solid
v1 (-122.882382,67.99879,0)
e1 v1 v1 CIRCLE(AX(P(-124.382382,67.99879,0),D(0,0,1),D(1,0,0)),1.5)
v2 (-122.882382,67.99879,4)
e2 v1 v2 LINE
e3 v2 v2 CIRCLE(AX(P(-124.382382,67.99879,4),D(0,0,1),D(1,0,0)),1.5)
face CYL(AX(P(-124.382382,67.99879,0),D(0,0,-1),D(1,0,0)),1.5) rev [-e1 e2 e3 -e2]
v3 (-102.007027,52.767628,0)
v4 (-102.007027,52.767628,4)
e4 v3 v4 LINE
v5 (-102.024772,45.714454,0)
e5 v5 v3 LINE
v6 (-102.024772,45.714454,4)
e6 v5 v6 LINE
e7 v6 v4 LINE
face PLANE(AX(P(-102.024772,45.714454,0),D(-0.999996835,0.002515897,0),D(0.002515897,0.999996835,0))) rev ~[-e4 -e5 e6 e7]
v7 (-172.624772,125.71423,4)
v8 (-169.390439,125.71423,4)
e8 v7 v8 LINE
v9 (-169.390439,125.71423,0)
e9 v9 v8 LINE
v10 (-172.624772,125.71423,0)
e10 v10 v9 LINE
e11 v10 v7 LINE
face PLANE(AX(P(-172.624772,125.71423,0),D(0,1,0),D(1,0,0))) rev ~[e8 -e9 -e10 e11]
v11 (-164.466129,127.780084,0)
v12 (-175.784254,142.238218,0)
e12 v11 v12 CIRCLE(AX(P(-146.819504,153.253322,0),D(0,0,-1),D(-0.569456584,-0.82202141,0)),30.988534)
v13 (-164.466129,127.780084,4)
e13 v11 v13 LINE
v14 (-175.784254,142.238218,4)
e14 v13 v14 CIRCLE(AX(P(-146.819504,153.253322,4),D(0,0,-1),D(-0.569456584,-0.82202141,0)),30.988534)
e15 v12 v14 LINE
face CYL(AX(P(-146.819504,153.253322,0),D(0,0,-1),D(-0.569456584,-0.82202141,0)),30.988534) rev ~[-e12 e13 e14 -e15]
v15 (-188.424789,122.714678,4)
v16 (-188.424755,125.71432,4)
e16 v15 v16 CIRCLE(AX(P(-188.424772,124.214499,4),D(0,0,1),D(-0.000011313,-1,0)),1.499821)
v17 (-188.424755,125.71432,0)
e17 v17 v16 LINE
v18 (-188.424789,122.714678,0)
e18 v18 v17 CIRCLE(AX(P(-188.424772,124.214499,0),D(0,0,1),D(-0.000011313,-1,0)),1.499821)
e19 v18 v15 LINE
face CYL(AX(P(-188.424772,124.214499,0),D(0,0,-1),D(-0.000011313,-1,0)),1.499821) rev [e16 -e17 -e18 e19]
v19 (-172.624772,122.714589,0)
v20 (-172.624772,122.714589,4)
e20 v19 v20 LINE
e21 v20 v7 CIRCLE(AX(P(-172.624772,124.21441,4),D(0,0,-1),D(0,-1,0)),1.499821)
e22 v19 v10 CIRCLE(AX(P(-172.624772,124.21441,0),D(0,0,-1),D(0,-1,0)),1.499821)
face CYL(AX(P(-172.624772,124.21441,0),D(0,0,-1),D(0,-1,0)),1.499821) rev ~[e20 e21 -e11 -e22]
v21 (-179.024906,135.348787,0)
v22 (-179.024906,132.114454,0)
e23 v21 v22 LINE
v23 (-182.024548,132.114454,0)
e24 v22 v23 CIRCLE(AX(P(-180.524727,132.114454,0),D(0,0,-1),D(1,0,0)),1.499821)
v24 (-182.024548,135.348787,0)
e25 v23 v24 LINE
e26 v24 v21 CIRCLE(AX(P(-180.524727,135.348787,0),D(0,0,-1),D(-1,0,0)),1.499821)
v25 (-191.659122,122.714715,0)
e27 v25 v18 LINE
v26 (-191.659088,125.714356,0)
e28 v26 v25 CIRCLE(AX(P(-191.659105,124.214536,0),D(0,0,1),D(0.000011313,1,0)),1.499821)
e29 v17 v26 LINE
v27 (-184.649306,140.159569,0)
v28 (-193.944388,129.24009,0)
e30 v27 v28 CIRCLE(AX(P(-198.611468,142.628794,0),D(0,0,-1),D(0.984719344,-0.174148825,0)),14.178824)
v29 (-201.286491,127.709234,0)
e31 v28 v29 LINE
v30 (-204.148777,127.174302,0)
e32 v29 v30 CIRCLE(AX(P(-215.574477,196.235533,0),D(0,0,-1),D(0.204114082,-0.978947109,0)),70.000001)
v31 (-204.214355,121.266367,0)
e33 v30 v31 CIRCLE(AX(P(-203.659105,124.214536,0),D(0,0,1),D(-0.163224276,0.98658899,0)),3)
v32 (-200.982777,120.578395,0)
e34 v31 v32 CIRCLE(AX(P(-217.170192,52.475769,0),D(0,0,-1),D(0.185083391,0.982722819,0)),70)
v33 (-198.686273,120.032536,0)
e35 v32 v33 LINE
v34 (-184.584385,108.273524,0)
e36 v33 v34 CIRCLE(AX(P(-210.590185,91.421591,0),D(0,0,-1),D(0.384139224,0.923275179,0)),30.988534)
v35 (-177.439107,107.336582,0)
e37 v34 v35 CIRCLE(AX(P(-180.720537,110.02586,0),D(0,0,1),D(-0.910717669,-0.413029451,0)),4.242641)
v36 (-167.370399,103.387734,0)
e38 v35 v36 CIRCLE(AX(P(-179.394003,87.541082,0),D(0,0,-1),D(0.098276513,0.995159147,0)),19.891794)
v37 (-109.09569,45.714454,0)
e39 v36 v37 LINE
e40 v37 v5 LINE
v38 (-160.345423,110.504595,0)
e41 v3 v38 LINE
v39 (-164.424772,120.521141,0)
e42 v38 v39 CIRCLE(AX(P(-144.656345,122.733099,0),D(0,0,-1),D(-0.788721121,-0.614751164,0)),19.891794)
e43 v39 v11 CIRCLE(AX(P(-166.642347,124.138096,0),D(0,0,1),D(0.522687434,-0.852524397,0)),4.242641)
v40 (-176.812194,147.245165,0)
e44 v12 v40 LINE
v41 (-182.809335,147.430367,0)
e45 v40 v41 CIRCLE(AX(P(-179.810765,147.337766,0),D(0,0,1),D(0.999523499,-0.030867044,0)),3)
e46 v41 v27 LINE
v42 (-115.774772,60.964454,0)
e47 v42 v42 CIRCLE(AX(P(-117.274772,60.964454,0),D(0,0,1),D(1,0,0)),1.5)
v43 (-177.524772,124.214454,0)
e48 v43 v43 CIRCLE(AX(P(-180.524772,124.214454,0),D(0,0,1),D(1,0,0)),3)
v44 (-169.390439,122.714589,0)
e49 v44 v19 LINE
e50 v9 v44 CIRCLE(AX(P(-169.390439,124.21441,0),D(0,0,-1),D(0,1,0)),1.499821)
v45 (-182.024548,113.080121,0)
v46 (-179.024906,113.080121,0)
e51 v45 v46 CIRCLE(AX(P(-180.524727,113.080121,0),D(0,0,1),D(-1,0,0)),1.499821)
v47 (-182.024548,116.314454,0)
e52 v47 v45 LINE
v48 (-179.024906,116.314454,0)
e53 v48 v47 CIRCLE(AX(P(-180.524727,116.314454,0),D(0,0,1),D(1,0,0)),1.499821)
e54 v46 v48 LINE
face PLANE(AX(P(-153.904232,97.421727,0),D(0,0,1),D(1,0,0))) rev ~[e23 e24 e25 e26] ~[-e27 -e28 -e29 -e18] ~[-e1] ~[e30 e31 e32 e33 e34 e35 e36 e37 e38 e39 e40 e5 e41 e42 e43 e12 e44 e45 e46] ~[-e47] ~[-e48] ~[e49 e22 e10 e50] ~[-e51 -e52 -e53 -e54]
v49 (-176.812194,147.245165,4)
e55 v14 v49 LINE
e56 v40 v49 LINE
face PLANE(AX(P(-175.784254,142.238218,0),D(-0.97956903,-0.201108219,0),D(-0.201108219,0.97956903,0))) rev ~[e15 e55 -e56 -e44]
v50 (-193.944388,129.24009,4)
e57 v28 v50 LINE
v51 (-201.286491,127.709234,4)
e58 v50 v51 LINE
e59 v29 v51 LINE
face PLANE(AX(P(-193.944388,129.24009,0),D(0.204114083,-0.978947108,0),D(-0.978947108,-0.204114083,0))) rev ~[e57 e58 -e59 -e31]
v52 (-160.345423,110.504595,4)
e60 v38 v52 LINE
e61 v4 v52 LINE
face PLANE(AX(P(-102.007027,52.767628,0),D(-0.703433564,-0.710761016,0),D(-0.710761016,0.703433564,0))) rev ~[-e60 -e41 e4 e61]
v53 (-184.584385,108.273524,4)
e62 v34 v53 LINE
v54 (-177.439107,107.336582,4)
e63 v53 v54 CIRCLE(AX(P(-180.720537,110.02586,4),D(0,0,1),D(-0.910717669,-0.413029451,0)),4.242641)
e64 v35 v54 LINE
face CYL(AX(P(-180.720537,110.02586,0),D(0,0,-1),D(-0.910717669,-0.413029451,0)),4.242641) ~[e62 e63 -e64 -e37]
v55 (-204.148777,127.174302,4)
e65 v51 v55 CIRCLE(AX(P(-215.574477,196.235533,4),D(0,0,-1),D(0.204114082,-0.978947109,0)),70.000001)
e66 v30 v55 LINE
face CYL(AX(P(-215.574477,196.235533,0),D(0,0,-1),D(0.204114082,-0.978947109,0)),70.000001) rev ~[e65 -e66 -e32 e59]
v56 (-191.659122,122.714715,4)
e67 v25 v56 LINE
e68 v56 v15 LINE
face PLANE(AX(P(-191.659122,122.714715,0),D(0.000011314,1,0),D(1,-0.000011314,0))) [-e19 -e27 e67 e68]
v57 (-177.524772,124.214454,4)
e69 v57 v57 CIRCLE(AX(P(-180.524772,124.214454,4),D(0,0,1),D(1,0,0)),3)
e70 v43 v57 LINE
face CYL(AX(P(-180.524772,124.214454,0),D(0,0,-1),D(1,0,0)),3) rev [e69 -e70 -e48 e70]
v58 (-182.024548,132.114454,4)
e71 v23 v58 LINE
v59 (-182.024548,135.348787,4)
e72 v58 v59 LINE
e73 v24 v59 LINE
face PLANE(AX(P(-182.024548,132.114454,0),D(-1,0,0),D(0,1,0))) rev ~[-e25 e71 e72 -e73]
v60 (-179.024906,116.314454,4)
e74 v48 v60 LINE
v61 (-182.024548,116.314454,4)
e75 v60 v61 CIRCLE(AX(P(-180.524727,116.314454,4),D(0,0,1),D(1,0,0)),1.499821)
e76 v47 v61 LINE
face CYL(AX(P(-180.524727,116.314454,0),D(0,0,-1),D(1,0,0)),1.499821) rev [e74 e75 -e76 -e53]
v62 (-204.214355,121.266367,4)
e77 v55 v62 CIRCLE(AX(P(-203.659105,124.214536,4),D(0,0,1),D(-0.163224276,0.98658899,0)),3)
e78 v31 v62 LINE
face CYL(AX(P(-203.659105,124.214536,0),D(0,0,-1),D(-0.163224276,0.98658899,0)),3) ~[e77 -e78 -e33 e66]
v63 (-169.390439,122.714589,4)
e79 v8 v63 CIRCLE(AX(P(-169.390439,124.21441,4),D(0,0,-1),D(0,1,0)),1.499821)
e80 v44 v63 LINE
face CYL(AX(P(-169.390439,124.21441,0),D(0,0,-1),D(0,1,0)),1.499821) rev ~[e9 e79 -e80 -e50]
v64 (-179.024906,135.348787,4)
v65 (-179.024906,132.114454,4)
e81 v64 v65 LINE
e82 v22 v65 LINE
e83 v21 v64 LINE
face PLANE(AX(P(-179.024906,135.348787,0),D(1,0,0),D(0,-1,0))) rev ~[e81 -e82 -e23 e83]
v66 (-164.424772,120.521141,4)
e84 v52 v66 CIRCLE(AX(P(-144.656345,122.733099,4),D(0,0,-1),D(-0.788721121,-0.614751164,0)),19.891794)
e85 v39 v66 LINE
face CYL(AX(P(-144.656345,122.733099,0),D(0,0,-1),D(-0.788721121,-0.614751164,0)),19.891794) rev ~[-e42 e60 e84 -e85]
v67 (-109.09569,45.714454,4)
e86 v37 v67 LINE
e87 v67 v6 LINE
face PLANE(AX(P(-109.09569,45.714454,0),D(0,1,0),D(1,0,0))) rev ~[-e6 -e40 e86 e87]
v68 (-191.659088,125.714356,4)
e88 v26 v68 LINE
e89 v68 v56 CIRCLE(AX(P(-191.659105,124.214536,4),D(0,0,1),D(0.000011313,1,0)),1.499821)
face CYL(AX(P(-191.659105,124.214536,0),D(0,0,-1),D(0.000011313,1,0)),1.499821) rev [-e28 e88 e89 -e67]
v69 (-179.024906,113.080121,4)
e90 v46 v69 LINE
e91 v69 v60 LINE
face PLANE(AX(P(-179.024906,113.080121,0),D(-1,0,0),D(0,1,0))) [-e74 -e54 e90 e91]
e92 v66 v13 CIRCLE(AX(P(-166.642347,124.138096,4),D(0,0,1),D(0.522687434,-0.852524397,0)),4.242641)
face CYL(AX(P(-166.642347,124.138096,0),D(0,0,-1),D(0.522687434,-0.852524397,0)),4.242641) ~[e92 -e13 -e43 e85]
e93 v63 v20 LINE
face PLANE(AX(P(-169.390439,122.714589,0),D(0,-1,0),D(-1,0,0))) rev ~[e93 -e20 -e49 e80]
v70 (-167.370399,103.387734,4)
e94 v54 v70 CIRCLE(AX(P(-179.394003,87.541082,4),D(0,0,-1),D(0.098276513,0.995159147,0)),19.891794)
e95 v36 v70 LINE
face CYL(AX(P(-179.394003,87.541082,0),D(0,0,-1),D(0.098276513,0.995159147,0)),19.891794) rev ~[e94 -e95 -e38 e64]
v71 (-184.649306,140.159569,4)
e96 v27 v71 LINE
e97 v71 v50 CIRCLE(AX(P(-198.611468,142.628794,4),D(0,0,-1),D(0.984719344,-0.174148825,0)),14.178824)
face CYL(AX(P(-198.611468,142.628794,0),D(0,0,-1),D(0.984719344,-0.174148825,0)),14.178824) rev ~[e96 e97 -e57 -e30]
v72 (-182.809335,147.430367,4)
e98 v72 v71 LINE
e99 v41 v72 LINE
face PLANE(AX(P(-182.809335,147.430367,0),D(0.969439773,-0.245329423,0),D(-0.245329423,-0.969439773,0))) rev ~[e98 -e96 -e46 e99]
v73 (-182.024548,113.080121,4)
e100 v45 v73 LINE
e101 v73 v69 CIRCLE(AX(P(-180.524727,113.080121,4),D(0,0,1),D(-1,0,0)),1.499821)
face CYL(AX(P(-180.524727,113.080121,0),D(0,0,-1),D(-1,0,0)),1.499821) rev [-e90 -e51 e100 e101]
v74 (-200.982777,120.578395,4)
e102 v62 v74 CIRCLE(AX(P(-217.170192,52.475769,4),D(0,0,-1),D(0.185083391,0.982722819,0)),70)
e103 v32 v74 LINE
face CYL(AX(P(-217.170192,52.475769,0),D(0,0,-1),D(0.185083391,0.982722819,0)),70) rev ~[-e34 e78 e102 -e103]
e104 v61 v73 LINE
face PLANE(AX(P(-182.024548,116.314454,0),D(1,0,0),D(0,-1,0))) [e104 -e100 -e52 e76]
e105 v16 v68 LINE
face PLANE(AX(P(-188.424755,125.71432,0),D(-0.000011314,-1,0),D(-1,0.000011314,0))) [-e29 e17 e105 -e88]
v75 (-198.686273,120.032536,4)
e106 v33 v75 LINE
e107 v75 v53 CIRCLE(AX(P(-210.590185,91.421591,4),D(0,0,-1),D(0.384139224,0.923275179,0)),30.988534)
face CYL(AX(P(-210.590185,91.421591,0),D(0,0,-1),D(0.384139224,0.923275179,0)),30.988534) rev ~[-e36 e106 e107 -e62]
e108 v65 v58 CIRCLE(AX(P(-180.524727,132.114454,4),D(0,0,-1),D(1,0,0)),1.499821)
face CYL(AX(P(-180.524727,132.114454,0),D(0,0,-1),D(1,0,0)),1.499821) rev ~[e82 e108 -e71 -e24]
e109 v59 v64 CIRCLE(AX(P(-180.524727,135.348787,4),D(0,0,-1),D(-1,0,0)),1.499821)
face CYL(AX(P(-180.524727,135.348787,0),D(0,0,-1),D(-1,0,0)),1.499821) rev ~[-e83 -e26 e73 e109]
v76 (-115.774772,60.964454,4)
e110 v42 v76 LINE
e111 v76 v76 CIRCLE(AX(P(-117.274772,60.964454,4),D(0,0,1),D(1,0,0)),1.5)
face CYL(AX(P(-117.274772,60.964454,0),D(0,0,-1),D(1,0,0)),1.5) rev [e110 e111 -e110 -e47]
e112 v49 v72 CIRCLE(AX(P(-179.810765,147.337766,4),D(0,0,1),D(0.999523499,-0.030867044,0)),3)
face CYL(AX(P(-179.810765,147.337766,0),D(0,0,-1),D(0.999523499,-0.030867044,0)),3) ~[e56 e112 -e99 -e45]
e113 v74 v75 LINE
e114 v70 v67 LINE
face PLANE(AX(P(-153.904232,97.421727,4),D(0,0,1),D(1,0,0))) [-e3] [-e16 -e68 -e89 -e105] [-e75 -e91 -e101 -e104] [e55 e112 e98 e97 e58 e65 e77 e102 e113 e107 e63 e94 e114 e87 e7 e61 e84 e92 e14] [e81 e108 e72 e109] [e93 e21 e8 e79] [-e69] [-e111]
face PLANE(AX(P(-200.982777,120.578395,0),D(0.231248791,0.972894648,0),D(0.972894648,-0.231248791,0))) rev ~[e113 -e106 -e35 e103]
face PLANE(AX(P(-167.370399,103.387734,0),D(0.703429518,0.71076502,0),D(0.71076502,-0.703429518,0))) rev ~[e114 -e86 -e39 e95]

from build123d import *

# Parameters (mm, degrees)
SKETCH1_R           = 1.5
SKETCH1_R_2         = 3
BOSS_EXTRUDE3_DEPTH = 4


with BuildPart() as part:
    # Sketch1 → Boss-Extrude3 (new body)
    with BuildSketch(Plane.XY):
        with BuildLine():
            Line((-200.98277671, 120.578395112), (-198.686273407, 120.032535791))
            ThreePointArc((-198.686273407, 120.032535791), (-190.744400987, 115.221467643), (-184.584385258, 108.273524028))
            ThreePointArc((-184.584385258, 108.273524028), (-181.272141891, 105.819229993), (-177.439106824, 107.336582128))
            ThreePointArc((-177.439106824, 107.336582128), (-172.13122346, 106.059599202), (-167.370398947, 103.387734467))
            Line((-167.370398947, 103.387734467), (-109.095690378, 45.714454225))
            Line((-109.095690378, 45.714454225), (-102.024771817, 45.714454225))
            Line((-102.024771817, 45.714454225), (-102.007026705, 52.767627674))
            Line((-102.007026705, 52.767627674), (-160.345422779, 110.504595422))
            ThreePointArc((-160.345422779, 110.504595422), (-163.078925024, 115.23029925), (-164.424771817, 120.521141112))
            ThreePointArc((-164.424771817, 120.521141112), (-162.39977496, 124.16226761), (-164.46612922, 127.780083873))
            ThreePointArc((-164.46612922, 127.780083873), (-171.220620663, 134.151626828), (-175.784254213, 142.238218389))
            Line((-175.784254213, 142.238218389), (-176.812194105, 147.245164825))
            ThreePointArc((-176.812194105, 147.245164825), (-179.718163472, 150.336336453), (-182.8093351, 147.430367085))
            Line((-182.8093351, 147.430367085), (-184.649305769, 140.159568784))
            ThreePointArc((-184.649305769, 140.159568784), (-187.814666362, 133.438140211), (-193.944387613, 129.240089815))
            Line((-193.944387613, 129.240089815), (-201.286490927, 127.709234194))
            ThreePointArc((-201.286490927, 127.709234194), (-202.714852362, 127.426883631), (-204.148777392, 127.174302472))
            ThreePointArc((-204.148777392, 127.174302472), (-206.658919771, 124.247833074), (-204.214354736, 121.266367045))
            ThreePointArc((-204.214354736, 121.266367045), (-202.594506126, 120.941450032), (-200.98277671, 120.578395112))
        make_face()
        with Locations((-117.274771817, 60.964454225)):
            Circle(SKETCH1_R, mode=Mode.SUBTRACT)
        with Locations((-180.524771817, 124.214454225)):
            Circle(SKETCH1_R_2, mode=Mode.SUBTRACT)
        with Locations((-124.382381975, 67.998789861)):
            Circle(SKETCH1_R, mode=Mode.SUBTRACT)
        with BuildLine():
            Line((-182.024547822, 132.114454225), (-182.024547822, 135.348786972))
            ThreePointArc((-182.024547822, 135.348786972), (-180.524727129, 136.848607665), (-179.024906436, 135.348786972))
            Line((-179.024906436, 135.348786972), (-179.024906436, 132.114454225))
            ThreePointArc((-179.024906436, 132.114454225), (-180.524727129, 130.614633532), (-182.024547822, 132.114454225))
        make_face(mode=Mode.SUBTRACT)
        with BuildLine():
            Line((-182.024547822, 116.314454225), (-182.024547822, 113.080121478))
            ThreePointArc((-182.024547822, 113.080121478), (-180.524727129, 111.580300785), (-179.024906436, 113.080121478))
            Line((-179.024906436, 113.080121478), (-179.024906436, 116.314454225))
            ThreePointArc((-179.024906436, 116.314454225), (-180.524727129, 117.814274918), (-182.024547822, 116.314454225))
        make_face(mode=Mode.SUBTRACT)
        with BuildLine():
            Line((-172.624771818, 125.71423023), (-169.39043907, 125.71423023))
            ThreePointArc((-169.39043907, 125.71423023), (-167.890618373, 124.214409533), (-169.39043907, 122.714588836))
            Line((-169.39043907, 122.714588836), (-172.624771818, 122.714588836))
            ThreePointArc((-172.624771818, 122.714588836), (-174.124592515, 124.214409533), (-172.624771818, 125.71423023))
        make_face(mode=Mode.SUBTRACT)
        with BuildLine():
            Line((-188.424754849, 125.714319606), (-191.659087596, 125.714356198))
            ThreePointArc((-191.659087596, 125.714356198), (-193.158925261, 124.214552469), (-191.659121532, 122.714714804))
            Line((-191.659121532, 122.714714804), (-188.424788785, 122.714678212))
            ThreePointArc((-188.424788785, 122.714678212), (-186.92495112, 124.214481941), (-188.424754849, 125.714319606))
        make_face(mode=Mode.SUBTRACT)
    extrude(amount=BOSS_EXTRUDE3_DEPTH)


solid = part.part
